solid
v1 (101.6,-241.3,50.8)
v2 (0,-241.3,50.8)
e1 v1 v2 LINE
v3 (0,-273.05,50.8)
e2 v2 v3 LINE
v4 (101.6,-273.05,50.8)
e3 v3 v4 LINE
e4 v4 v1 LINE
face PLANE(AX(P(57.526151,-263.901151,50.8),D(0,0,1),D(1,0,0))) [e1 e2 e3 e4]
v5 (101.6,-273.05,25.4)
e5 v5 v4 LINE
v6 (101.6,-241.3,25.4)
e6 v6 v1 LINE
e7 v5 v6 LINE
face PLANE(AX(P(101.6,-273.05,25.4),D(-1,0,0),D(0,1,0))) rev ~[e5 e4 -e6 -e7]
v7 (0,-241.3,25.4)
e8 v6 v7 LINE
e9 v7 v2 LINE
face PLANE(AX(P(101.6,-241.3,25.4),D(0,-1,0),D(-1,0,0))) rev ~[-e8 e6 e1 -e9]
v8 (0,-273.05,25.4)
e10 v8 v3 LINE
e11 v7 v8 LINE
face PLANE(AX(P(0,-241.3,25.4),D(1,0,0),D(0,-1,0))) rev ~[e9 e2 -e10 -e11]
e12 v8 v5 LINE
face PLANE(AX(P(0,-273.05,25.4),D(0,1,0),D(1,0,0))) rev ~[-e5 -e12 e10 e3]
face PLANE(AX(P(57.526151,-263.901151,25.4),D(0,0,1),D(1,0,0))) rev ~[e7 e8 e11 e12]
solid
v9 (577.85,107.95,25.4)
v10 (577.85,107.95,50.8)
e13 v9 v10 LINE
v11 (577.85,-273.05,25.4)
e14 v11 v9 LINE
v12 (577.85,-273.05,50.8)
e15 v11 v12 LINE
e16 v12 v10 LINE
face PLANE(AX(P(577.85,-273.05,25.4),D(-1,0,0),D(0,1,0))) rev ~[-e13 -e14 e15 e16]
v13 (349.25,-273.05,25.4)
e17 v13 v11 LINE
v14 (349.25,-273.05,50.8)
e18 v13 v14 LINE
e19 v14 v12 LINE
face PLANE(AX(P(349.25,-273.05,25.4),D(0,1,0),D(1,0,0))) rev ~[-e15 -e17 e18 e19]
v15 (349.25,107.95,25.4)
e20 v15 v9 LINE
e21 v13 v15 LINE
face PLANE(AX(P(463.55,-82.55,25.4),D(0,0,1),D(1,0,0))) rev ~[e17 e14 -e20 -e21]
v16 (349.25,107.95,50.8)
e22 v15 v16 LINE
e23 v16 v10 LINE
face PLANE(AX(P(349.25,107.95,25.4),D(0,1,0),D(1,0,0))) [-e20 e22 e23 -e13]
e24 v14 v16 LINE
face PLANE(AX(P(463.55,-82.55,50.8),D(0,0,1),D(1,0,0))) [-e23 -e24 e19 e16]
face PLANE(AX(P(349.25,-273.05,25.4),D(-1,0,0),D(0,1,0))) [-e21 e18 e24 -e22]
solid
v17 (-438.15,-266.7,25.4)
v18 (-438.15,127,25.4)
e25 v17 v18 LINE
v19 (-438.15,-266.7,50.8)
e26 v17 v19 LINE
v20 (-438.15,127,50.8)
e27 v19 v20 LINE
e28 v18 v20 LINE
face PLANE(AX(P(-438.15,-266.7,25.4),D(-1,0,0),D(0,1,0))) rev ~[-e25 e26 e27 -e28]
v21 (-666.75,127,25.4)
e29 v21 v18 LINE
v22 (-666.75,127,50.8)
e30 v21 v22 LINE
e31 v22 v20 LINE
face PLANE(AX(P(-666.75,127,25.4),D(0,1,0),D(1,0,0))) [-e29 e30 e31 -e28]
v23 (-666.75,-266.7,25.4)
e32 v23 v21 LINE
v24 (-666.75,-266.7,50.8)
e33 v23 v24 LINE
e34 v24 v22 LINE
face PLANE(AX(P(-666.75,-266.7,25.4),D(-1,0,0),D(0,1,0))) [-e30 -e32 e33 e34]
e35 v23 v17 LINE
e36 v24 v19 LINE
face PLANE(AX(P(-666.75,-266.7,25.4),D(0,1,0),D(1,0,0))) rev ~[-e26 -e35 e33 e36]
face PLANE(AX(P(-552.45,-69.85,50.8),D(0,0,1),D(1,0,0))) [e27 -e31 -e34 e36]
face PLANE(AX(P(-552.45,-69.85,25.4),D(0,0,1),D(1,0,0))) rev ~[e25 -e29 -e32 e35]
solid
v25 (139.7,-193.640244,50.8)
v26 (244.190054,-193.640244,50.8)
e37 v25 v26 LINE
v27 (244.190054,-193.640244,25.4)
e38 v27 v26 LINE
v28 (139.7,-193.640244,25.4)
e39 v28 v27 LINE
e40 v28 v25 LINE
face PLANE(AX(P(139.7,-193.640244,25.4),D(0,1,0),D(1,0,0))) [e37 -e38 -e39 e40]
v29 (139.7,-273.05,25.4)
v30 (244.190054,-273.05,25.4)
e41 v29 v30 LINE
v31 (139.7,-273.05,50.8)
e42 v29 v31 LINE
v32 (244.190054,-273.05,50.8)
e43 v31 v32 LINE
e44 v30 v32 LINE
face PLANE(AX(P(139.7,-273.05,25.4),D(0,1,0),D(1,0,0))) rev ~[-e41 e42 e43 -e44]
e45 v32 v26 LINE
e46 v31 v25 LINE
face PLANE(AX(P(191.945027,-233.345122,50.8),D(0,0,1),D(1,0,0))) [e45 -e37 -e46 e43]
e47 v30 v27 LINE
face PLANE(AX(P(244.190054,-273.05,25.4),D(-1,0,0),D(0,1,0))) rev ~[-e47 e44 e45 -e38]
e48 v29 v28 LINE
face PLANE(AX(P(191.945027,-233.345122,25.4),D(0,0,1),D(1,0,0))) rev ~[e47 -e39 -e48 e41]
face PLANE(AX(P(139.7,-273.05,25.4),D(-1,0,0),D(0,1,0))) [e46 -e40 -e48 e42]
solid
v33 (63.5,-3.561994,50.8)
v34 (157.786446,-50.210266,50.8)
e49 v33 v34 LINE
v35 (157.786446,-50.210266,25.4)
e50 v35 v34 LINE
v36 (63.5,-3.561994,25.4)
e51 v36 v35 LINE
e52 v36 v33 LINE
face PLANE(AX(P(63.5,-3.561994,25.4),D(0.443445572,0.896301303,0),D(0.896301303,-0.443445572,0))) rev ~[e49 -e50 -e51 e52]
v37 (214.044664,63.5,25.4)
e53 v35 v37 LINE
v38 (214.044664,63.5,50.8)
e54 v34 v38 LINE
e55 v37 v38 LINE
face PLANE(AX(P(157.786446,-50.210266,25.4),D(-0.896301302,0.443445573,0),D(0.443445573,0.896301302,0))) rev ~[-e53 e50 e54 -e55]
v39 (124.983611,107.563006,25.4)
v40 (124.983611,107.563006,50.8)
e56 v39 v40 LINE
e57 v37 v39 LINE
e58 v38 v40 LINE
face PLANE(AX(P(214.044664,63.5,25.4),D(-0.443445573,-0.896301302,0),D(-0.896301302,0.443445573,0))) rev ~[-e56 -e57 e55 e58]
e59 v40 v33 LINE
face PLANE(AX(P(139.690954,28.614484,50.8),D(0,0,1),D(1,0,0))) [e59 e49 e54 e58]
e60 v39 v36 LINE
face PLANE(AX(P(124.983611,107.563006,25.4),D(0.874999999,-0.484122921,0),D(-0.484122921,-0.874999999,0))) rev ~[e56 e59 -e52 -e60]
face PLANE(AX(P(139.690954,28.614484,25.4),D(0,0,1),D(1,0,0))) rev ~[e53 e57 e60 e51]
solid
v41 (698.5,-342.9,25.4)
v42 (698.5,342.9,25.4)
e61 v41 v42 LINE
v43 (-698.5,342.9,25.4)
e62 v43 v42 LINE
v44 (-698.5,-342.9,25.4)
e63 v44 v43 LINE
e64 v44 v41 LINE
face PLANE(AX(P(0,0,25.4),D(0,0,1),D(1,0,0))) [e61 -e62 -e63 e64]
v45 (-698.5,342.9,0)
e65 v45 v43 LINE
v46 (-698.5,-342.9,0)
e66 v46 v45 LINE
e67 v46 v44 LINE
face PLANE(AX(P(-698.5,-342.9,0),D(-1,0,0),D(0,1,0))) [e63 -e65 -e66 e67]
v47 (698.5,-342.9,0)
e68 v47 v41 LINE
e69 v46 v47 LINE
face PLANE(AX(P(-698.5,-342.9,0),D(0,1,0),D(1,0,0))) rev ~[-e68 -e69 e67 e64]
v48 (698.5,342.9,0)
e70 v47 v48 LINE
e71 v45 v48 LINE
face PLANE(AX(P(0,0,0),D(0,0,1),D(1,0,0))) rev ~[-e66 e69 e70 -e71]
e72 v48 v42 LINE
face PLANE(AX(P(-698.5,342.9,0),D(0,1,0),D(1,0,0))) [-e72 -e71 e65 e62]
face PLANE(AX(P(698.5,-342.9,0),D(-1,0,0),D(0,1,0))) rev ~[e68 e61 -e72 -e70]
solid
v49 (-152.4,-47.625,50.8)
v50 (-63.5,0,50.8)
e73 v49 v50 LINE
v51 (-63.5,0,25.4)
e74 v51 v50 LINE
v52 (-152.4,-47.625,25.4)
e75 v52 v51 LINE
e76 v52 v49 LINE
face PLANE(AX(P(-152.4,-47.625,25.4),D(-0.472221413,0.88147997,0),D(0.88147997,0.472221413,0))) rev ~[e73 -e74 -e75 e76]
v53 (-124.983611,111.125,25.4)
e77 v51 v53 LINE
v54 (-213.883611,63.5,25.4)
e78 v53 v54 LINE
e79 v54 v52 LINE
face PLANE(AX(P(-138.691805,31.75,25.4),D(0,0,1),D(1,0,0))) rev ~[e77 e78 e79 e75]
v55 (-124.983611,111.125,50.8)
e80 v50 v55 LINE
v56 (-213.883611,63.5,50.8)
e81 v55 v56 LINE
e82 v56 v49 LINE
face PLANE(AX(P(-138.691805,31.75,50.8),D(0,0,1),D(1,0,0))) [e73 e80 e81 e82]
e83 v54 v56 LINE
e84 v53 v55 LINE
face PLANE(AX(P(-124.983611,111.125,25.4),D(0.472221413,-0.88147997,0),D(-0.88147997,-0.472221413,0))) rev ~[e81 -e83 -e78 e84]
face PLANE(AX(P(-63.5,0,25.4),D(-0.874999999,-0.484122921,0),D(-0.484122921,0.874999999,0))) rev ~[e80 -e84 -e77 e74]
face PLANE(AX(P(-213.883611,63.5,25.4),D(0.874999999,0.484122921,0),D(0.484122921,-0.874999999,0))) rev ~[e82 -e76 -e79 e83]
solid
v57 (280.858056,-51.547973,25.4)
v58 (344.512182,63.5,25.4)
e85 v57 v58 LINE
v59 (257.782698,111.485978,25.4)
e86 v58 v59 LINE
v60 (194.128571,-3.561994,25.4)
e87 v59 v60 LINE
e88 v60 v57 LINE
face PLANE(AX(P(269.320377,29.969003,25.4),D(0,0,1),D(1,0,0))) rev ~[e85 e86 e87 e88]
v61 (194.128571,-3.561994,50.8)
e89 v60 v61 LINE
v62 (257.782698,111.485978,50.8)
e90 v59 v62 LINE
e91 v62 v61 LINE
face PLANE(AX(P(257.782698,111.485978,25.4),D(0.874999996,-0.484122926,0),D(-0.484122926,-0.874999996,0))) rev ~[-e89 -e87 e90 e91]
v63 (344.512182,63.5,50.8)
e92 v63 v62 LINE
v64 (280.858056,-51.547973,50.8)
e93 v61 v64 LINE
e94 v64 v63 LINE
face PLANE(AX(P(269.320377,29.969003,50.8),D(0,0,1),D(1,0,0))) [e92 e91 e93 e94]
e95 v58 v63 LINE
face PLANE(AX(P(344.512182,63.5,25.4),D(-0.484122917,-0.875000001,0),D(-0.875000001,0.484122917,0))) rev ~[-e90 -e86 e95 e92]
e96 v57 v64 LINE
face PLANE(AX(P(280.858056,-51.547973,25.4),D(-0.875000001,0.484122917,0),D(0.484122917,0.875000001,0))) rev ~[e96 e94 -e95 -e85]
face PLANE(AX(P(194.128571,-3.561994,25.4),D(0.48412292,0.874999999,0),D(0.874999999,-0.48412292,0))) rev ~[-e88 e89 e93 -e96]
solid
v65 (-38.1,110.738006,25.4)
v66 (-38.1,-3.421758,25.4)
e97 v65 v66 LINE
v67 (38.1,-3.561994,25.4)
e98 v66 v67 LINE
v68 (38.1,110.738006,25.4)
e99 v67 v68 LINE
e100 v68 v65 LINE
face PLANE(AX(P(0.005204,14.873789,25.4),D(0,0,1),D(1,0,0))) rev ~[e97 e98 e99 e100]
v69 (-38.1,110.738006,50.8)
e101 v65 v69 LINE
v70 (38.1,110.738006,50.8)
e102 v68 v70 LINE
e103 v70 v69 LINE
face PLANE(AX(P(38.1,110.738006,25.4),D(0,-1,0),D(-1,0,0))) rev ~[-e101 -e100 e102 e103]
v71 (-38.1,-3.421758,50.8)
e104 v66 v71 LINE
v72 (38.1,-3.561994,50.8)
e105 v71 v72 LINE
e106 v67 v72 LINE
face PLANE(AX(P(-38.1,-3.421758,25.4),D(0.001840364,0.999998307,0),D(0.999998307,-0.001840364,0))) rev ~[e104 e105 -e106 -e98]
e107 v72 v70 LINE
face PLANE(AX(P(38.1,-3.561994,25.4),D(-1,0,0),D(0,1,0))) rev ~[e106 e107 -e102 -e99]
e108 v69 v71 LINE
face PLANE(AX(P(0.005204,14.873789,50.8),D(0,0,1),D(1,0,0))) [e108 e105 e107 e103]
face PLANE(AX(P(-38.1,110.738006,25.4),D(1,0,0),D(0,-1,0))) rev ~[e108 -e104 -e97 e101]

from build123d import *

# Parameters (mm, degrees)
F0_W     = 1397
F0_H     = 685.8
F1_DEPTH = 25.4
F2_W     = 228.6
F2_H     = 393.7
F2_H_2   = 381
F2_W_2   = 104.490054
F2_H_3   = 79.409756
F3_DEPTH = 25.4


with BuildPart() as f1:
    # F0 (on Top) → F1 (new body)
    with BuildSketch(Plane.XY):
        Rectangle(F0_W, F0_H)
    extrude(amount=F1_DEPTH)


with BuildPart() as f3:
    # F2 (on face) → F3 (new body)
    with BuildSketch(Plane.XY.offset(25.4)):
        Polygon((-0.023387, 53.623086), (-38.1, -3.421758), (38.1, -3.561994), align=None)
        Polygon((-38.1, 110.738006), (-38.1, -3.421758), (-0.023387, 53.623086), align=None)
        Polygon((-0.023387, 53.623086), (38.1, -3.561994), (38.1, 110.738006), align=None)
        Polygon((38.1, 110.738006), (-38.1, 110.738006), (-0.023387, 53.623086), align=None)
        with Locations((-552.45, -69.85)):
            Rectangle(F2_W, F2_H)
        with Locations((463.55, -82.55)):
            Rectangle(F2_W, F2_H_2)
        Polygon((101.6, -241.3), (0, -273.05), (101.6, -273.05), align=None)
        Polygon((0, -241.3), (0, -273.05), (101.6, -241.3), align=None)
        with Locations((191.945027, -233.345122)):
            Rectangle(F2_W_2, F2_H_3)
        Polygon((124.983611, 107.563006), (63.5, -3.561994), (157.786446, -50.210266), (214.044664, 63.5), align=None)
        Polygon((257.782698, 111.485978), (194.128571, -3.561994), (280.858056, -51.547973), (344.512182, 63.5), align=None)
        Polygon((-63.5, 0), (-124.983611, 111.125), (-213.883611, 63.5), (-152.4, -47.625), align=None)
    extrude(amount=F3_DEPTH)


solid = Compound([f1.part, f3.part])
